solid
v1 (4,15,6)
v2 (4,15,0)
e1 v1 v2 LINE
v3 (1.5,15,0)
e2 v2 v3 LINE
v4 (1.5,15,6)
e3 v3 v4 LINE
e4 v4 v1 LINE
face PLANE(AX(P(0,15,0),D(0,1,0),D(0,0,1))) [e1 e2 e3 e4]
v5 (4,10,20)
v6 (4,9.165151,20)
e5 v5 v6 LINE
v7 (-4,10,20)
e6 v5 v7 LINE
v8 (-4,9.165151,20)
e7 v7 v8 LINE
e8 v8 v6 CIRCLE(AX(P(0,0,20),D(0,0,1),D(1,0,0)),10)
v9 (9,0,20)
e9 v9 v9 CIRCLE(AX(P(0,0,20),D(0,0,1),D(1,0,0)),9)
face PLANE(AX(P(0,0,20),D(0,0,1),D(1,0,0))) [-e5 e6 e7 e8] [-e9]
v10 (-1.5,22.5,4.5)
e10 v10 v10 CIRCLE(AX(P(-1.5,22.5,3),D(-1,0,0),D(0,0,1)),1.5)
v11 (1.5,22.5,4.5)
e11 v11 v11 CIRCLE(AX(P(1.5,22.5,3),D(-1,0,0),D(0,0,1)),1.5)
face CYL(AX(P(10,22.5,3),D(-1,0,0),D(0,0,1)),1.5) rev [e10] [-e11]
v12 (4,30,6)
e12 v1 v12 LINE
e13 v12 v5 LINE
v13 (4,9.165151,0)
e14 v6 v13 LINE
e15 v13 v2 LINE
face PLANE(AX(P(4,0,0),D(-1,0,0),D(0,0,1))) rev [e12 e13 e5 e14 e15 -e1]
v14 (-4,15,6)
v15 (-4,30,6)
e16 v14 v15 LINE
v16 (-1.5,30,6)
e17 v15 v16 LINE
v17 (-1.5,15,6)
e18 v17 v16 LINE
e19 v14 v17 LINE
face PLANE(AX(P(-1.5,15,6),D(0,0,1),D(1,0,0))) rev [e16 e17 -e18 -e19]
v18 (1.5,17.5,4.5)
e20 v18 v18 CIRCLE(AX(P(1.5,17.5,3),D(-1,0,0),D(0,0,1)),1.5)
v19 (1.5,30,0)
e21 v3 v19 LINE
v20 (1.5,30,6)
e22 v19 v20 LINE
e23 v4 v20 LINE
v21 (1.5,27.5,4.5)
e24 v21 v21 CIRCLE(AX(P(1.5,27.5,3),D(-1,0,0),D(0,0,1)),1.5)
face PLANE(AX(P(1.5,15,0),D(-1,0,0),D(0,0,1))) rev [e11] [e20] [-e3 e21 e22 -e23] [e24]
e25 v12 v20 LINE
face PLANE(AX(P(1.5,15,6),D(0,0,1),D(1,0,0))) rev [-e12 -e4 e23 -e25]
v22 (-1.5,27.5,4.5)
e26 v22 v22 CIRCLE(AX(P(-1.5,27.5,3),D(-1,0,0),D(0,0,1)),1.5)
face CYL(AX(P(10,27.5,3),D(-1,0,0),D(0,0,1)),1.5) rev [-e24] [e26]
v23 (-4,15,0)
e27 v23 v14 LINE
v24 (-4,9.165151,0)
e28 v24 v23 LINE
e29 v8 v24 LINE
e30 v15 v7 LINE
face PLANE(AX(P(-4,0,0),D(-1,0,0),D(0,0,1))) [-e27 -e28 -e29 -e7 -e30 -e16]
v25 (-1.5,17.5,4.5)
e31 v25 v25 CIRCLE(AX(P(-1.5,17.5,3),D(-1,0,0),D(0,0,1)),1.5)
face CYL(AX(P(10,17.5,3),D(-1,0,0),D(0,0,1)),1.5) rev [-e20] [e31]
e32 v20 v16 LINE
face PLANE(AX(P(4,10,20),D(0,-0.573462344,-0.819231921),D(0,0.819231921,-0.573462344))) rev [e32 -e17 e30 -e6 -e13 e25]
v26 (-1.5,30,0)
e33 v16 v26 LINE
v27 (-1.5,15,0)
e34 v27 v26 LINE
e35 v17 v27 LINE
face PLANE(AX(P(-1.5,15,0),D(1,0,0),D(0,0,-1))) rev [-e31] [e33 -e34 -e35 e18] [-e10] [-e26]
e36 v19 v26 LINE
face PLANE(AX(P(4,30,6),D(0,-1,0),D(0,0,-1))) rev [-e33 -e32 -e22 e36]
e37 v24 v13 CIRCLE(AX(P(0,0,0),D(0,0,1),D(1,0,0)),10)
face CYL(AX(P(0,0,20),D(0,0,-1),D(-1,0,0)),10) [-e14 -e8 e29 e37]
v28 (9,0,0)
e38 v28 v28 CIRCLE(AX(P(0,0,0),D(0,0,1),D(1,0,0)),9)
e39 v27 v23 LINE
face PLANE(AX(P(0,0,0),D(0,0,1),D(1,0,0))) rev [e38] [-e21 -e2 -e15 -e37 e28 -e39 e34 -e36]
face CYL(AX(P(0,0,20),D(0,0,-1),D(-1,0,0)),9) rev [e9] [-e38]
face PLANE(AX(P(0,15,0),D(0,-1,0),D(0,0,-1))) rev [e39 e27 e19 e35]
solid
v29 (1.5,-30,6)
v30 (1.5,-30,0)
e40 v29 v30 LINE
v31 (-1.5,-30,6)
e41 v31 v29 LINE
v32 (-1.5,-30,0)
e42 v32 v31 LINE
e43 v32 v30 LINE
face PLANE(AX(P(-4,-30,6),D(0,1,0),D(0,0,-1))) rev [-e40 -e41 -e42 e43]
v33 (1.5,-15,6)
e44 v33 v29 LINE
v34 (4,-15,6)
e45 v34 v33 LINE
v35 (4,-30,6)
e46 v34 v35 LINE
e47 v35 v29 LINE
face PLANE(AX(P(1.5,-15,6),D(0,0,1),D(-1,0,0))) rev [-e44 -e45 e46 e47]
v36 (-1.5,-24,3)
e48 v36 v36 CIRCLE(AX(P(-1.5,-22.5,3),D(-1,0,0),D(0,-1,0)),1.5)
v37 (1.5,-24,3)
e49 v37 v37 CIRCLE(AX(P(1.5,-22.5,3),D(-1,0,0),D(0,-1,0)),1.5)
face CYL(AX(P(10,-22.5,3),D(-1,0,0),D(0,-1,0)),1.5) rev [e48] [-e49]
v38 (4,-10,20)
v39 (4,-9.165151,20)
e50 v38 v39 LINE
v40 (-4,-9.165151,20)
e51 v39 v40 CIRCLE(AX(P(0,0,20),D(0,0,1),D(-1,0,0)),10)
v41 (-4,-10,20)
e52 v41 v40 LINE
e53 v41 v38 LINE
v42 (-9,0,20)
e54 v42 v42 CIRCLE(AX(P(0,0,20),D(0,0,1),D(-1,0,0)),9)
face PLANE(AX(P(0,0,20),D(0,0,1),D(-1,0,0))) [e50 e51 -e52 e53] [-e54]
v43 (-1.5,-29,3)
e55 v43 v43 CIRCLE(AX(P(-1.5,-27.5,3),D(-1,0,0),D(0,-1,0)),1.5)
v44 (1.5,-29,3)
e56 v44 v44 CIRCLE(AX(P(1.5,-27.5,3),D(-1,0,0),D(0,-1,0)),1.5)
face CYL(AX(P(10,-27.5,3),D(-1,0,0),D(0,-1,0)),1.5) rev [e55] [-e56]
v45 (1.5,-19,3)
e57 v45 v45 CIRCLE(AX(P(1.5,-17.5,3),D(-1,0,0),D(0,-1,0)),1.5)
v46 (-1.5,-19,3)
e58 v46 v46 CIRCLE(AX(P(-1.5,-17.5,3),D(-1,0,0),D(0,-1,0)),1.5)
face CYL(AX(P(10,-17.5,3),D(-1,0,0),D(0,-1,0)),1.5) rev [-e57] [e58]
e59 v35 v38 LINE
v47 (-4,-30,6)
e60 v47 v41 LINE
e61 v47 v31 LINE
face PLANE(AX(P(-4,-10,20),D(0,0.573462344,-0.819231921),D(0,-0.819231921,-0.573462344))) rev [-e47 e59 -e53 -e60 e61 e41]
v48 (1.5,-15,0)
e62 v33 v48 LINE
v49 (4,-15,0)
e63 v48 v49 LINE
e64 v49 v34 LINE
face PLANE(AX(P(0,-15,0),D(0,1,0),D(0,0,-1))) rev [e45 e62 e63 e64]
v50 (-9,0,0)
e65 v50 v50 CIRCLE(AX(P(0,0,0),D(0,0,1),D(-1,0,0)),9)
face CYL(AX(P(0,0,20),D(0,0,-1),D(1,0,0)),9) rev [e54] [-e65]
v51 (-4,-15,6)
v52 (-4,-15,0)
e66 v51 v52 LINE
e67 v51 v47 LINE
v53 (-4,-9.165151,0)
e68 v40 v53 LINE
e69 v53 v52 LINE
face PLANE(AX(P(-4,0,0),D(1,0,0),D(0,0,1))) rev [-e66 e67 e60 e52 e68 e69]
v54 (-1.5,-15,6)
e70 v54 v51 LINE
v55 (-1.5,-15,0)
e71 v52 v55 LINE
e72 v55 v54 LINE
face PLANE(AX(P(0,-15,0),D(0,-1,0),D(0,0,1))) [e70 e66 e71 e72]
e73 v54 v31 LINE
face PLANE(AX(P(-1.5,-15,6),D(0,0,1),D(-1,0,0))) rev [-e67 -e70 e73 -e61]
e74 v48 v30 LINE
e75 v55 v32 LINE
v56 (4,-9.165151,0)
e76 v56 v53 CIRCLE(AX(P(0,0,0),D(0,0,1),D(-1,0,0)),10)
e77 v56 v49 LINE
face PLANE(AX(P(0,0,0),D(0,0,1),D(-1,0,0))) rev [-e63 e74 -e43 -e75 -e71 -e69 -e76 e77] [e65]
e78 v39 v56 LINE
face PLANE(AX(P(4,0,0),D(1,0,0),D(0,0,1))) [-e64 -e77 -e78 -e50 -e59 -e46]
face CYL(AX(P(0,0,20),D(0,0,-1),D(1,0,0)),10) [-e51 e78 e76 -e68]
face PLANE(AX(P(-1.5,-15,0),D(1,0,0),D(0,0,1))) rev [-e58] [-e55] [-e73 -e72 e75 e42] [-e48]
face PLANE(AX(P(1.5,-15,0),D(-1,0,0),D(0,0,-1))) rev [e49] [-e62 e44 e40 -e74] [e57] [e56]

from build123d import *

# Parameters (mm, degrees)
SKETCH1_R             = 10
SKETCH1_R_2           = 9
BOSS_EXTRUDE1_DEPTH   = 20
BOSS_EXTRUDE2_DEPTH   = 4
SKETCH3_W             = 2.5
SKETCH3_H             = 6
CUT_EXTRUDE1_DEPTH    = 15
BODY_MOVE_COPY1_ANGLE = 180
SKETCH4_R             = 9
CUT_EXTRUDE2_DEPTH    = 38.416573868
SKETCH6_R             = 1.5
CUT_EXTRUDE3_DEPTH    = 38.84507894
SKETCH7_R             = 1.5
CUT_EXTRUDE4_DEPTH    = 38.84507894


with BuildPart() as part:
    # Sketch1 → Boss-Extrude1 (new body)
    with BuildSketch(Plane.XY):
        Circle(SKETCH1_R)
        Circle(SKETCH1_R_2, mode=Mode.SUBTRACT)
    extrude(amount=BOSS_EXTRUDE1_DEPTH)

    # Sketch2 → Boss-Extrude2 (add, symmetric)
    with BuildSketch(Plane(origin=(0, 0, 0), x_dir=(0, 0, -1), z_dir=(1, 0, 0))):
        Polygon((-20, 10), (-20, 6.5), (0, 6.5), (0, 30), (-6, 30), align=None)
    extrude(amount=BOSS_EXTRUDE2_DEPTH, both=True)

    # Sketch3 → Cut-Extrude1 (cut)
    with BuildSketch(Plane(origin=(0, 30, 0), x_dir=(1, 0, 0), z_dir=(0, 1, 0))):
        with Locations((-2.75, -3)):
            Rectangle(SKETCH3_W, SKETCH3_H)
        with Locations((2.75, -3)):
            Rectangle(SKETCH3_W, SKETCH3_H)
    extrude(amount=-CUT_EXTRUDE1_DEPTH, mode=Mode.SUBTRACT)


with BuildPart() as body_2:
    # Body-Move/Copy1: copy of part
    add(part.part.rotate(Axis((0, 0, 0), (0, 0, 1)), BODY_MOVE_COPY1_ANGLE))


with BuildPart() as cut_extrude2_tool:
    # Sketch4 → Cut-Extrude2 (new, through all)
    with BuildSketch(Plane(origin=(0, 0, 0), x_dir=(-1, 0, 0), z_dir=(0, 0, -1))):
        Circle(SKETCH4_R)
    extrude(amount=-CUT_EXTRUDE2_DEPTH)


with BuildPart() as part_1:
    add(part.part)

    # Cut-Extrude2: cut by cut_extrude2_tool
    add(cut_extrude2_tool.part, mode=Mode.SUBTRACT)

    # Sketch6 → Cut-Extrude3 (cut, through all)
    with BuildSketch(Plane.ZY.offset(1.5)):
        with Locations((3, 17.5)):
            Circle(SKETCH6_R)
        with Locations((3, 22.5)):
            Circle(SKETCH6_R)
        with Locations((3, 27.5)):
            Circle(SKETCH6_R)
    extrude(amount=-CUT_EXTRUDE3_DEPTH, mode=Mode.SUBTRACT)


with BuildPart() as body_2_1:
    add(body_2.part)

    # Cut-Extrude2: cut by cut_extrude2_tool
    add(cut_extrude2_tool.part, mode=Mode.SUBTRACT)

    # Sketch7 → Cut-Extrude4 (cut, through all)
    with BuildSketch(Plane.ZY.offset(1.5)):
        with Locations(Location((3, -17.5, 0), (0, 0, 270))):
            Circle(SKETCH7_R)
        with Locations(Location((3, -22.5, 0), (0, 0, 270))):
            Circle(SKETCH7_R)
        with Locations(Location((3, -27.5, 0), (0, 0, 270))):
            Circle(SKETCH7_R)
    extrude(amount=-CUT_EXTRUDE4_DEPTH, mode=Mode.SUBTRACT)


solid = Compound([part_1.part, body_2_1.part])
